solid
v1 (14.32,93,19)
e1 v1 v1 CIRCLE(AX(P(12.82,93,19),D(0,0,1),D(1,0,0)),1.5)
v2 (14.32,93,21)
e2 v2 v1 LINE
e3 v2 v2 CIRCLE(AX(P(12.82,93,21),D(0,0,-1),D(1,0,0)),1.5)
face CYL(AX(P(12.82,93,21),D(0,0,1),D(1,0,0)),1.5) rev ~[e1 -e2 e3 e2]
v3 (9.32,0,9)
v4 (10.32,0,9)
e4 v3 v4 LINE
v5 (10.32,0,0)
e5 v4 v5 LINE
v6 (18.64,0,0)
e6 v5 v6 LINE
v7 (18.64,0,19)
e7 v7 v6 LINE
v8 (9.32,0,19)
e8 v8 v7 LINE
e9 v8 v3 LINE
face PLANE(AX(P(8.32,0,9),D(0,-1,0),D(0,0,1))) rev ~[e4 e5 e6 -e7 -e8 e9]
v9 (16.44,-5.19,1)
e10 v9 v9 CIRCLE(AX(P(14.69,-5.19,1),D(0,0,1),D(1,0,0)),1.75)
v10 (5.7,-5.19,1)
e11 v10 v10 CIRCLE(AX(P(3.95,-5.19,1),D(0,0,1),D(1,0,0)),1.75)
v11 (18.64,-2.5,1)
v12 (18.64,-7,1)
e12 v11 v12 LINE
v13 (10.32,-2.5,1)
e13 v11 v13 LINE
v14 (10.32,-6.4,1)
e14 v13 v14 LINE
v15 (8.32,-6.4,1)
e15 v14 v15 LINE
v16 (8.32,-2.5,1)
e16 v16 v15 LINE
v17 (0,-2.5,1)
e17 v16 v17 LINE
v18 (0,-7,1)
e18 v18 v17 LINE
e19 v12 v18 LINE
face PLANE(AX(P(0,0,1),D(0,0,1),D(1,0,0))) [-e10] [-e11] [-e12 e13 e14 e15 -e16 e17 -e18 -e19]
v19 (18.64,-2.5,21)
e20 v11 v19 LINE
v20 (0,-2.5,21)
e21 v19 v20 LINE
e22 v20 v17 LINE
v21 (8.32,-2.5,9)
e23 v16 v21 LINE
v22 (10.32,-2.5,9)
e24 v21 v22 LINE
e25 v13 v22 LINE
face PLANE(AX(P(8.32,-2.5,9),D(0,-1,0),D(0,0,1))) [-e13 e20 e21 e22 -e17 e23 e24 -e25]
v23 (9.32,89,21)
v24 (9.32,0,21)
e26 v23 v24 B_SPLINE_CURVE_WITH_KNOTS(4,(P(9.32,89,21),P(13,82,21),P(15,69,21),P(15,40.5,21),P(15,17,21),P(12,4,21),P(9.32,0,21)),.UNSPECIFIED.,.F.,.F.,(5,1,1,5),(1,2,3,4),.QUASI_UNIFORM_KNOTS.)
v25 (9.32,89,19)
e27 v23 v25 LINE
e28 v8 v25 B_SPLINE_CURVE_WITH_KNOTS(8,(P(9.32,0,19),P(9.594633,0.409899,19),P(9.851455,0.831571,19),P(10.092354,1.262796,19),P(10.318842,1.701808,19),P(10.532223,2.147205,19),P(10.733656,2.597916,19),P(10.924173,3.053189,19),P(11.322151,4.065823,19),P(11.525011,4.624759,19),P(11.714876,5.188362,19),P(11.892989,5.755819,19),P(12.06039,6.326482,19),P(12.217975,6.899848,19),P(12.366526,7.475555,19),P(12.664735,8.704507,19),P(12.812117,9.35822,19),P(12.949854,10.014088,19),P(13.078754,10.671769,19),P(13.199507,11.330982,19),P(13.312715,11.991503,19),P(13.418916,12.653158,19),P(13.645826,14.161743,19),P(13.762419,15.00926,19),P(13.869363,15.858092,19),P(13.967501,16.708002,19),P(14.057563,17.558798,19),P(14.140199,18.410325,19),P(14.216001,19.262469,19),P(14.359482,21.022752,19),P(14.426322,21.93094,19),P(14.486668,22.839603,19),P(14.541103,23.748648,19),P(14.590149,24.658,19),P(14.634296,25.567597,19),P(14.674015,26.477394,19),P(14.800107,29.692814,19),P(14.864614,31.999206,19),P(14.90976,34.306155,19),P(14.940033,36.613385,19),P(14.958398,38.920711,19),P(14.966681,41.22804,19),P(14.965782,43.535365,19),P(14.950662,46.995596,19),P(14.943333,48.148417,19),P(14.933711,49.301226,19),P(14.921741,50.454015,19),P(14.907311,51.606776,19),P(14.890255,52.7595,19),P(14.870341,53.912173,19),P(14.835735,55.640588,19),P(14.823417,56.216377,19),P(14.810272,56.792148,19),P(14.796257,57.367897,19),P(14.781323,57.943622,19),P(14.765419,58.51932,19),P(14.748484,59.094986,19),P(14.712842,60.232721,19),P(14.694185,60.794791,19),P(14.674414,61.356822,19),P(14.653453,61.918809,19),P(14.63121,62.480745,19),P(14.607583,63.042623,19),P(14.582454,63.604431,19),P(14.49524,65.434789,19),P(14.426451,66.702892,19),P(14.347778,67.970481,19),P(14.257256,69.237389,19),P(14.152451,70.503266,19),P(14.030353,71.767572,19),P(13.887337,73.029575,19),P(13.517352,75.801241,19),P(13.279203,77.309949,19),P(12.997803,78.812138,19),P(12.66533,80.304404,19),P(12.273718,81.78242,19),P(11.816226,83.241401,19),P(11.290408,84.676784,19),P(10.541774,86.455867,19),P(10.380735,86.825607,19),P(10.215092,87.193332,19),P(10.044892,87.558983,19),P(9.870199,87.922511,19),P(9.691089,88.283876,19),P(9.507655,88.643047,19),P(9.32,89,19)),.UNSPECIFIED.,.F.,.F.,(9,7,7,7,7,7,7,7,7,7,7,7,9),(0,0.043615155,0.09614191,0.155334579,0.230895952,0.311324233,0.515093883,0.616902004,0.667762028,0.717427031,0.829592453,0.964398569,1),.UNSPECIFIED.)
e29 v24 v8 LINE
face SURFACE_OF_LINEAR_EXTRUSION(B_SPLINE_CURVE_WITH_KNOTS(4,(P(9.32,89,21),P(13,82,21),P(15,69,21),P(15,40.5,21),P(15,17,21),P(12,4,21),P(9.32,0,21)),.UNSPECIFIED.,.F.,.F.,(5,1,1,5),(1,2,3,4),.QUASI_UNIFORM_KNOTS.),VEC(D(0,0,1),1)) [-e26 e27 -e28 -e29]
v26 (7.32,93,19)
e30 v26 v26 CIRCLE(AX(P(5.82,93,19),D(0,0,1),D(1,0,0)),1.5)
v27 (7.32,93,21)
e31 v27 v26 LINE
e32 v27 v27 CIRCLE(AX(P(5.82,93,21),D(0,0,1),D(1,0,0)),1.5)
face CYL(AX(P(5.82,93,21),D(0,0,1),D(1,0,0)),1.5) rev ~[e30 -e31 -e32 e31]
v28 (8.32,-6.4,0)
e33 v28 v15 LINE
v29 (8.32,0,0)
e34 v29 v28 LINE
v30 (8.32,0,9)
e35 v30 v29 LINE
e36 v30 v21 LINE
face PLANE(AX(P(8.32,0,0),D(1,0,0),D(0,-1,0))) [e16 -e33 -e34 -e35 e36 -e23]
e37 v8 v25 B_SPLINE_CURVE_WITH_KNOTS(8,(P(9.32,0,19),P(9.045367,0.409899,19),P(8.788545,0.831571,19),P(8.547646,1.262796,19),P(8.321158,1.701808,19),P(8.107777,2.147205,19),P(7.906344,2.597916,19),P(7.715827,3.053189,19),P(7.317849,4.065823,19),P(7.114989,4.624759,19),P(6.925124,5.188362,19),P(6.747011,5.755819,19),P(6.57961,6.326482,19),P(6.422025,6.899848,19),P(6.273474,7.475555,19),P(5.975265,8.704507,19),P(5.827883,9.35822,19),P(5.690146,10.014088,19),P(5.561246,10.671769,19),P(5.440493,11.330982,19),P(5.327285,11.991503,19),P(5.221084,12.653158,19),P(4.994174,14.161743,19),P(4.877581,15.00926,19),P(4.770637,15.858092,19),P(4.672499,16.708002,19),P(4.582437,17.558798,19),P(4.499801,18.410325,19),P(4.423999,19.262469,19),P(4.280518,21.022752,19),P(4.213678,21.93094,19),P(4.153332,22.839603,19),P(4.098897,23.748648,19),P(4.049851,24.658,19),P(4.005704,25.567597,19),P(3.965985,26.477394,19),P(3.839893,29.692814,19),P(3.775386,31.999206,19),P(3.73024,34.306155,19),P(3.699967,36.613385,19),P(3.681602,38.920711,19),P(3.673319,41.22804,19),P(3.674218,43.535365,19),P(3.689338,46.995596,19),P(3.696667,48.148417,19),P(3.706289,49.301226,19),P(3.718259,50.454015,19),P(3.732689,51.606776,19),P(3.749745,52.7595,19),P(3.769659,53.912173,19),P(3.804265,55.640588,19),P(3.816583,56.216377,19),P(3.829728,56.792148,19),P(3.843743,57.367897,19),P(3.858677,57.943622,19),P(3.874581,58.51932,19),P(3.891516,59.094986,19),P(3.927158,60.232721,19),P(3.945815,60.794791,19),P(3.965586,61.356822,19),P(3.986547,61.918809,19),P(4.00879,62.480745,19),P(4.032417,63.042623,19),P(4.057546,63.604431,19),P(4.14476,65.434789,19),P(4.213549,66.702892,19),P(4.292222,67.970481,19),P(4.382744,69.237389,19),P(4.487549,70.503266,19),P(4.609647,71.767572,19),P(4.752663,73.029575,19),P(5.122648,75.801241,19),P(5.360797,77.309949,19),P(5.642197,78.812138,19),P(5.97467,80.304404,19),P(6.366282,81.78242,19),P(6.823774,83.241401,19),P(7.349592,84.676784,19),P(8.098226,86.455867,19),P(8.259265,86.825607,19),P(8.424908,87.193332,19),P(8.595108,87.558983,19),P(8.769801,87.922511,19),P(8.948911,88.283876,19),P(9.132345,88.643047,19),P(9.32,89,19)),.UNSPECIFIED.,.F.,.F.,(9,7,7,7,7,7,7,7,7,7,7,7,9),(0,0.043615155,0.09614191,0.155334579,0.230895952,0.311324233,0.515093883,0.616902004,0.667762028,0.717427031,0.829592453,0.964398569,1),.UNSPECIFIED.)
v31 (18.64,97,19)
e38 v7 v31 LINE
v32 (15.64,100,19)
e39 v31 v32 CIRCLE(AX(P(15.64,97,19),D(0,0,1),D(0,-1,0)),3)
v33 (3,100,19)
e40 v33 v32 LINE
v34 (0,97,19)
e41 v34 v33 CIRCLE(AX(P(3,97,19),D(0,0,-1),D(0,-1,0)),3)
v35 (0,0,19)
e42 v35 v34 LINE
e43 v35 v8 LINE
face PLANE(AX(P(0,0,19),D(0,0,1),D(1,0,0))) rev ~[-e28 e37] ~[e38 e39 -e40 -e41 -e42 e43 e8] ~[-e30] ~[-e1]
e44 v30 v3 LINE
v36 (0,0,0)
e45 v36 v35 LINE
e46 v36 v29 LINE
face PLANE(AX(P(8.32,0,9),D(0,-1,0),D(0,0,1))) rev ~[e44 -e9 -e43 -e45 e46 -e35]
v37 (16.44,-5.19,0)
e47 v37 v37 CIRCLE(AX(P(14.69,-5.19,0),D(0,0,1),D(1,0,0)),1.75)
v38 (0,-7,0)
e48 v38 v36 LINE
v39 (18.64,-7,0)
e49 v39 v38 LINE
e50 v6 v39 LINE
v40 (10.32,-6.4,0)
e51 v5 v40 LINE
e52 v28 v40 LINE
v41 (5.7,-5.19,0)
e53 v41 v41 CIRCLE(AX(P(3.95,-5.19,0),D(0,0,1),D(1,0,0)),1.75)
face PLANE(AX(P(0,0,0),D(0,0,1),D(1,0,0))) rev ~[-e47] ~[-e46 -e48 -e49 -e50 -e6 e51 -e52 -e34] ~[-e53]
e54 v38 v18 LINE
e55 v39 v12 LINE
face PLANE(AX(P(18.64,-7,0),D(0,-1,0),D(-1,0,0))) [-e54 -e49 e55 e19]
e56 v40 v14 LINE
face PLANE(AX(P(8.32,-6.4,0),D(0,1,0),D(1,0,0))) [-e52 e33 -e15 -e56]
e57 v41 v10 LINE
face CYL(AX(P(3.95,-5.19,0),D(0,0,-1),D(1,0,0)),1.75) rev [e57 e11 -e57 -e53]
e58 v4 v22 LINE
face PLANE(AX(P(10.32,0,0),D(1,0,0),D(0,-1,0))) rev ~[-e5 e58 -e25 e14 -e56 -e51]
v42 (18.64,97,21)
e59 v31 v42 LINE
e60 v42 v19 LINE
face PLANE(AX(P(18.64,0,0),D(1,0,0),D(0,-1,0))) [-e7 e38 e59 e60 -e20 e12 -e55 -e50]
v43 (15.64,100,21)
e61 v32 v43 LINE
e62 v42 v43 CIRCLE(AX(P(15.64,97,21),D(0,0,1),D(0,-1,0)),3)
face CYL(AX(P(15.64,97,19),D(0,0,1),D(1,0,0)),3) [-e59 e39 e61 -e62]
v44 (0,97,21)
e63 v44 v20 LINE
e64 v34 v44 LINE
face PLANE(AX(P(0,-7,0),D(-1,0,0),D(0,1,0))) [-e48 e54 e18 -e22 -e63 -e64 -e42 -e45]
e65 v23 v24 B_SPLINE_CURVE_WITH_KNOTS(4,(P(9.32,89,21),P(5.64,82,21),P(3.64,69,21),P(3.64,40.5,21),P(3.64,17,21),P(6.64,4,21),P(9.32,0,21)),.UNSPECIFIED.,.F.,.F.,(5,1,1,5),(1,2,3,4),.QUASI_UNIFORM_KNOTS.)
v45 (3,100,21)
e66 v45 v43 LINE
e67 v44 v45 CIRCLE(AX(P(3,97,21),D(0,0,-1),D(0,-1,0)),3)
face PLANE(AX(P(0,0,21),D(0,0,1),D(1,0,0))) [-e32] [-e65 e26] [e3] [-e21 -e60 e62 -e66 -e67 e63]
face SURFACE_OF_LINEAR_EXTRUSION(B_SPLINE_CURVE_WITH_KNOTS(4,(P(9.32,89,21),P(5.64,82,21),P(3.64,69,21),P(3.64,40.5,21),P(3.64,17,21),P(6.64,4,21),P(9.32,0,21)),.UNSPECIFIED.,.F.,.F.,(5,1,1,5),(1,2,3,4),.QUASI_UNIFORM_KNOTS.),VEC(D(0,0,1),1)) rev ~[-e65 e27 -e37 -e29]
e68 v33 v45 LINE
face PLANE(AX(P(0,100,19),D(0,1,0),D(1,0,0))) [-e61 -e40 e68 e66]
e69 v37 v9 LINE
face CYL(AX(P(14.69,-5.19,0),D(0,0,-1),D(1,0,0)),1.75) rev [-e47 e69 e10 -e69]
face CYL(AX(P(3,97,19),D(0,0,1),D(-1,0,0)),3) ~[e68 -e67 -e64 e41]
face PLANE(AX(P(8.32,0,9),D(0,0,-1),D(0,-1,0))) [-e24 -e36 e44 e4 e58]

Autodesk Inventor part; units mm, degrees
ref_plane "YZ Plane" through (0, 0, 0) normal (1, 0, 0) x (0, 1, 0)
ref_plane "XZ Plane" through (0, 0, 0) normal (0, 1, 0) x (-1, 0, 0)
ref_plane "XY Plane" through (0, 0, 0) normal (0, 0, 1) x (1, 0, 0)
sketch "Sketch1" plane through (0, 0, 0) normal (0, 0, 1) x (1, 0, 0)
  line L0 (0, 0) -> (18.64, 0)
  line L1 (18.64, 0) -> (18.64, -7)
  line L2 (18.64, -7) -> (0, -7)
  line L3 (0, -7) -> (0, 0)
  circle A0 centre (3.95, -5.19) radius 1.75
  line L4 (9.32, 0) -> (9.32, 1.7268)
  line L5 (9.32, 0) -> (8.32, 0)
  line L6 (8.32, 0) -> (8.32, -6.4)
  line L7 (8.32, -6.4) -> (9.32, -6.4)
  line L8 (9.32, -6.4) -> (9.32, 0)
  circle A1 centre (14.69, -5.19) radius 1.75
  line L9 (10.32, 0) -> (10.32, -6.4)
  line L10 (10.32, -6.4) -> (9.32, -6.4)
  point P0 (8.82, -6.4)
  dimension "d0" = 18.64
  dimension "d1" = 7
  dimension "d2" = 5.19
  dimension "d3" = 3.5
  dimension "d4" = 3.95
  dimension "d5" = 0.6
  dimension "d6" = 1
extrude "Extrusion1" add sketch "Sketch1" along normal blind 1 contours L0 L6 L7 L10 L9 L1 L2 L3
sketch "Sketch2" plane through (0, 0, 1) normal (0, 0, 1) x (1, 0, 0)
  line L0 (0, -7) -> (18.64, -7) projected
  line L1 (18.64, -7) -> (18.64, 0) projected
  line L2 (18.64, 0) -> (10.32, 0) projected
  line L3 (10.32, -6.4) -> (8.32, -6.4) projected
  line L4 (8.32, -6.4) -> (8.32, 0) projected
  line L5 (8.32, 0) -> (0, 0) projected
  line L6 (0, 0) -> (0, -7) projected
  circle A0 centre (3.95, -5.19) radius 1.75 projected
  circle A1 centre (14.69, -5.19) radius 1.75 projected
  line L7 (8.32, 0) -> (0, 0) projected
  line L8 (8.32, -6.4) -> (8.32, 0) projected
  line L9 (0, 0) -> (8.32, 0)
  line L10 (8.32, 0) -> (8.32, -2.5)
  line L11 (8.32, -2.5) -> (0, -2.5)
  line L12 (0, -2.5) -> (0, 0)
  line L13 (9.32, 0) -> (9.32, -6.4) projected
  line L14 (18.64, -7) -> (18.64, 0) projected
  line L15 (9.32, 0) -> (18.64, 0)
  line L16 (18.64, 0) -> (18.64, -2.5)
  line L17 (18.64, -2.5) -> (9.32, -2.5)
  line L18 (9.32, -2.5) -> (9.32, 0)
  line L19 (10.32, 0) -> (10.32, -6.4) projected
  point P0 (0, -2.5)
  point P1 (10.32, -2.5)
  dimension "d9" = 2.5
  dimension "d10" = 2.5
extrude "Extrusion2" add sketch "Sketch2" along normal blind 18 contours L6 L5 L4 L11 | L17 L19 L2 L1
sketch "Sketch3" plane through (8.32, -6.4, 0) normal (1, 0, 0) x (0, 0, -1)
  line L0 (0, 0) -> (0, 6.4) projected
  line L1 (0, 6.4) -> (-19, 6.4) projected
  line L2 (-19, 3.9) -> (-19, 6.4) projected
  line L3 (-1, 3.9) -> (-19, 3.9) projected
  line L4 (-1, 0) -> (-1, 3.9) projected
  line L5 (0, 0) -> (-1, 0) projected
  line L6 (-1, 3.9) -> (-19, 3.9) projected
  line L7 (-19, 6.4) -> (-9, 6.4)
  line L8 (-9, 6.4) -> (-9, 3.9)
  line L9 (-9, 3.9) -> (-19, 3.9)
  line L10 (-19, 3.9) -> (-19, 6.4)
  point P0 (0, 6.4)
  dimension "d13" = 10
extrude "Extrusion3" add sketch "Sketch3" along normal blind 2 contours L8 L3 L2 L1
sketch "Sketch4" plane through (0, 0, 19) normal (0, 0, 1) x (1, 0, 0)
  line L0 (18.64, 0) -> (10.32, 0) projected
  line L1 (18.64, 0) -> (0, 0)
  line L2 (0, 0) -> (0, 100)
  line L3 (0, 100) -> (18.64, 100)
  line L4 (18.64, 100) -> (18.64, 0)
  line L5 (10.32, -2.5) -> (10.32, 0) projected
  line L6 (18.64, 0) -> (0, 0) projected
  line L7 (0, 0) -> (0, -2.5) projected
  line L8 (0, -2.5) -> (18.64, -2.5) projected
  line L9 (18.64, -2.5) -> (18.64, 0) projected
  dimension "d16" = 100
extrude "Extrusion4" add sketch "Sketch4" along normal blind 2
sketch "Sketch5" plane through (0, 0, 21) normal (0, 0, 1) x (1, 0, 0)
  circle A0 centre (12.82, 93) radius 1.5
  circle A1 centre (5.82, 93) radius 1.5
  line L0 (12.82, 93) -> (5.82, 93)
  line L1 (18.64, 100) -> (0, 100) projected
  line L2 (9.32, 100) -> (9.32, 93)
  point P0 (0, 0)
  dimension "d19" = 3
  dimension "d20" = 3
  dimension "d21" = 7
  dimension "d22" = 7
extrude "Extrusion5" cut sketch "Sketch5" against normal blind 13.75
sketch "Sketch6" plane through (0, 0, 21) normal (0, 0, 1) x (1, 0, 0)
  line L0 (18.64, 100) -> (0, 100) projected
  line L1 (9.32, 100) -> (9.32, -19)
  line L2 (9.32, 89) -> (13, 82) construction
  line L3 (13, 82) -> (15, 69) construction
  line L4 (15, 69) -> (15, 40.5) construction
  line L5 (15, 40.5) -> (15, 17) construction
  line L6 (15, 17) -> (12, 4) construction
  line L7 (8.32, 0) -> (10.32, 0) projected
  line L8 (12, 4) -> (9.32, 0) construction
  spline S0 degree 4 poles (9.32, 89) (13, 82) (15, 69) (15, 40.5) (15, 17) (12, 4) (9.32, 0) knots 1 1 1 1 1 2 3 4 4 4 4 4
  line L9 (9.32, 89) -> (5.64, 82) construction
  line L10 (5.64, 82) -> (3.64, 69) construction
  line L11 (3.64, 69) -> (3.64, 40.5) construction
  line L12 (3.64, 40.5) -> (3.64, 17) construction
  line L13 (3.64, 17) -> (6.64, 4) construction
  line L14 (6.64, 4) -> (9.32, 0) construction
  spline S1 degree 4 poles (9.32, 89) (5.64, 82) (3.64, 69) (3.64, 40.5) (3.64, 17) (6.64, 4) (9.32, 0) knots 1 1 1 1 1 2 3 4 4 4 4 4
  point P0 (0, 0)
extrude "Extrusion6" cut sketch "Sketch6" against normal blind 13.75
fillet "Fillet1" radius 3 2 edges at (0, 100, 20) (18.64, 100, 20)
properties part number "Straight_Distance_Sensor_hold" material "Default New Material"
